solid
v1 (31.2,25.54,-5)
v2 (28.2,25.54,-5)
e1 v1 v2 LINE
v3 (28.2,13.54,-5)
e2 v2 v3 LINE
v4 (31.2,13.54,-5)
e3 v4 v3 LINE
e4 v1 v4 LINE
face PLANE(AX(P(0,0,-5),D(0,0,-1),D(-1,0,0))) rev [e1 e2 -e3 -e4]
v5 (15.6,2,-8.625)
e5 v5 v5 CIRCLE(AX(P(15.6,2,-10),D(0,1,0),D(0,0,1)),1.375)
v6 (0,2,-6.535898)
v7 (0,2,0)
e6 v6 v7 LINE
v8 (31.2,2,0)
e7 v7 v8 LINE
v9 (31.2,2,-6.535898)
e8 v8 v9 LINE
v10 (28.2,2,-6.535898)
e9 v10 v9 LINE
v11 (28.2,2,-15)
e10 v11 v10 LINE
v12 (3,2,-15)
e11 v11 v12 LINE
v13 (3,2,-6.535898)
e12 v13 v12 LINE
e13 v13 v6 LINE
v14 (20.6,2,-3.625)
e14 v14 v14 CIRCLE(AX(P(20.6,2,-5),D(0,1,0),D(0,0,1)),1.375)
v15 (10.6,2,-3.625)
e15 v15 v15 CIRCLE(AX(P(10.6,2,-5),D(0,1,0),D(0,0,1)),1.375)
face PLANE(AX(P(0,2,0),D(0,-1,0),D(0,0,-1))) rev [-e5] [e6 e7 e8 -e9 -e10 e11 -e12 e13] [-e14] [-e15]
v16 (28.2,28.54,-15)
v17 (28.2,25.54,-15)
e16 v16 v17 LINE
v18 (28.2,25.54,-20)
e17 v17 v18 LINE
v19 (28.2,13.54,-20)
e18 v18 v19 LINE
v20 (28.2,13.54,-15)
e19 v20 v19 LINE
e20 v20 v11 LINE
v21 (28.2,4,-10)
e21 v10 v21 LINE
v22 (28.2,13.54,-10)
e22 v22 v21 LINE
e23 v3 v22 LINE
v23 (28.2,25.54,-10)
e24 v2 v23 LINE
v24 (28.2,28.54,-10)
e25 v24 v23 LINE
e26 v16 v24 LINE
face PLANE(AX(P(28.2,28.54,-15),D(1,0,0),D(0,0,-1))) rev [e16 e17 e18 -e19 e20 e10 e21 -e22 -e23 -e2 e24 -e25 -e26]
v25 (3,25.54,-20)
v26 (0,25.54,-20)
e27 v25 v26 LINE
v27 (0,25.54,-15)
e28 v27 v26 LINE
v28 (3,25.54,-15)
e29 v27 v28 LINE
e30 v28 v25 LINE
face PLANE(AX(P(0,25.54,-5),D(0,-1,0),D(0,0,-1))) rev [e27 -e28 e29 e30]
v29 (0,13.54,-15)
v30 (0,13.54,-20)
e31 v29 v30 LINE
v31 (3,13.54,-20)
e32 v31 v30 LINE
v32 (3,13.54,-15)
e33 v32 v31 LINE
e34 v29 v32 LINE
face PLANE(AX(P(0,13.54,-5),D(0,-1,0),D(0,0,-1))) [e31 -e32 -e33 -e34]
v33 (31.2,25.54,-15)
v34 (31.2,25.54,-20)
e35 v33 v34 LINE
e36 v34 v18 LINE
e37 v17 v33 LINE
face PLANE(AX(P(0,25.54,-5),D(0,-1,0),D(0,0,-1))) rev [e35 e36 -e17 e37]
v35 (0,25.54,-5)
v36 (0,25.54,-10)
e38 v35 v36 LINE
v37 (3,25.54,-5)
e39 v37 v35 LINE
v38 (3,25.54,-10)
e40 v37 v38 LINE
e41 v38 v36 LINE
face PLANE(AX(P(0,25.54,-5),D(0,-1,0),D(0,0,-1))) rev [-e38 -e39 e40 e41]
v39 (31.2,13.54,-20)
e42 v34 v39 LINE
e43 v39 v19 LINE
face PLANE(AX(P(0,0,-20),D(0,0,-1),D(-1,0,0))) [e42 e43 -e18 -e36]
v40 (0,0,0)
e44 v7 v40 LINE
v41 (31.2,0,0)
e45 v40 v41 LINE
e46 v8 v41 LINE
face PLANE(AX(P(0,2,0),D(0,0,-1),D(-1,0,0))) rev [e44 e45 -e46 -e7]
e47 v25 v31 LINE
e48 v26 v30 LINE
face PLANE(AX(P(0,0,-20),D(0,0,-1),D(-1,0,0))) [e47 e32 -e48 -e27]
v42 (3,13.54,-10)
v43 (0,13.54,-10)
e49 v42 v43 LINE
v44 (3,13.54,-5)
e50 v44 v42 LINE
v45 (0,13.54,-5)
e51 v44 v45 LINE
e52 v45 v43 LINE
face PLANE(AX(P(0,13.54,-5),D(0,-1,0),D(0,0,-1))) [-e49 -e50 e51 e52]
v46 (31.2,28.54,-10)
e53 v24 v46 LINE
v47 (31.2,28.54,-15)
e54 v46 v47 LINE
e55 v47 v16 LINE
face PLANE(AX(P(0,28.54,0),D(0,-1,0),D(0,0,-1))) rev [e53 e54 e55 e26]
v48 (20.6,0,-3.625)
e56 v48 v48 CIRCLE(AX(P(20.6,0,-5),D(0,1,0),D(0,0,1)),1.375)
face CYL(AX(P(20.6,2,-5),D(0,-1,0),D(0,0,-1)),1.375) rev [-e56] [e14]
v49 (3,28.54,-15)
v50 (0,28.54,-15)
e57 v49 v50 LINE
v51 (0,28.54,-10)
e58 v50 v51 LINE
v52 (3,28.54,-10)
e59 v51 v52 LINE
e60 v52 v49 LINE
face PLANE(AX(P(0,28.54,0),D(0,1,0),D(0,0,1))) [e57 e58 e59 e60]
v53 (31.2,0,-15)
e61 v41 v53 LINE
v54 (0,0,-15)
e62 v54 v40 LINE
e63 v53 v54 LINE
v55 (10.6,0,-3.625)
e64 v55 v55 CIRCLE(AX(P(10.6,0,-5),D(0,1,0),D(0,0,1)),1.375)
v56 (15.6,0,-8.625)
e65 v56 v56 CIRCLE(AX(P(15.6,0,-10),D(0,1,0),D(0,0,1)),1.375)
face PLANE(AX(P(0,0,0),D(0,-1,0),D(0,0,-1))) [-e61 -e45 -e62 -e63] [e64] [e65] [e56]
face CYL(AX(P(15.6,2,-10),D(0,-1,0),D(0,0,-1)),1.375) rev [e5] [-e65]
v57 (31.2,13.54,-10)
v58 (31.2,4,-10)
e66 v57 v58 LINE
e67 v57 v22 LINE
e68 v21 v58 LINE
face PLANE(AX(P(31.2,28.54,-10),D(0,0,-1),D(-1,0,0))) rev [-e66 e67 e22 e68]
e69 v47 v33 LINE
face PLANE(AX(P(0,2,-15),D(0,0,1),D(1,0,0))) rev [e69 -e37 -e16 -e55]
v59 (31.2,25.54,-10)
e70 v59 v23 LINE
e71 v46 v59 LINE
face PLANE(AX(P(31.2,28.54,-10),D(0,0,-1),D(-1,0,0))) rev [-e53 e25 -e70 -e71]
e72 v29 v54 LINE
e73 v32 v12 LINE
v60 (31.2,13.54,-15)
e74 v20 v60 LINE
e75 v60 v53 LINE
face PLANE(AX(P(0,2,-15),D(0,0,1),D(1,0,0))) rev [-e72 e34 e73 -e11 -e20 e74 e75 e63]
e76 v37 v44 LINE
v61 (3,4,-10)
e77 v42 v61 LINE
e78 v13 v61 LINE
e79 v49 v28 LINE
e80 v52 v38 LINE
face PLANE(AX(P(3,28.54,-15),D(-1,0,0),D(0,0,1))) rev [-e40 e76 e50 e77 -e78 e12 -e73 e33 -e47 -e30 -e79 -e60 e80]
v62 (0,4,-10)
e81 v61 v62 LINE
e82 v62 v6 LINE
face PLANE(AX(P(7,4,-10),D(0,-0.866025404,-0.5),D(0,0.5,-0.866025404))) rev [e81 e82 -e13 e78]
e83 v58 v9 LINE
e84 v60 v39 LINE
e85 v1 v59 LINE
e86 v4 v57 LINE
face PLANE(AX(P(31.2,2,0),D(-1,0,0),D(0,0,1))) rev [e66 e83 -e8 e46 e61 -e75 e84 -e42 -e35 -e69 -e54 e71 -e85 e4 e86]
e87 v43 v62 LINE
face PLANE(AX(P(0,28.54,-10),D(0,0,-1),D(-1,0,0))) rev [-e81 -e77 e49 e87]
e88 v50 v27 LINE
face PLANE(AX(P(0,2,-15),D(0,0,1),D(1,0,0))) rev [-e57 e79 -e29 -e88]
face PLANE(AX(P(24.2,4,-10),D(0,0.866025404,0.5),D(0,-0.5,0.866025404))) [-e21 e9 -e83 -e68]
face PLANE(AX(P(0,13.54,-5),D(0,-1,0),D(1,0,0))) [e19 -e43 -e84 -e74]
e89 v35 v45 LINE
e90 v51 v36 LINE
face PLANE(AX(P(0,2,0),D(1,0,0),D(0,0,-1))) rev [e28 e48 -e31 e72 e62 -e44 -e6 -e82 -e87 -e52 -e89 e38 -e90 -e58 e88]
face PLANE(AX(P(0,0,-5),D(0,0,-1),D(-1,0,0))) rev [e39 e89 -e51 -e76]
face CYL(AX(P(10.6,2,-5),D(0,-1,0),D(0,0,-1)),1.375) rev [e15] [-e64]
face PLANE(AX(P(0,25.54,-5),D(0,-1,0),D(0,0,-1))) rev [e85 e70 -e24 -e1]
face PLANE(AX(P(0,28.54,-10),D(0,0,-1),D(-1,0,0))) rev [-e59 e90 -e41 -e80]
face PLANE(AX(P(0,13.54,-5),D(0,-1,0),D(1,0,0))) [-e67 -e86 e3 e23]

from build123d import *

# Parameters (mm, degrees)
SKETCH1_W                = 31.2
SKETCH1_H                = 15
SKETCH1_R                = 1.375
BOSS_EXTRUDE1_DEPTH      = 2
SKETCH2_W                = 3
SKETCH2_H                = 5
BOSS_EXTRUDE2_DEPTH      = 26.54
BOSS_EXTRUDE3_DEPTH      = 5
BOSS_EXTRUDE3_DEPTH_BACK = 10
SKETCH3_W                = 3
SKETCH3_H                = 12
BOSS_EXTRUDE4_DEPTH      = 3
BOSS_EXTRUDE5_DEPTH      = 3


with BuildPart() as part:
    # Sketch1 → Boss-Extrude1 (new body)
    with BuildSketch(Plane(origin=(0, 0, 0), x_dir=(1, 0, 0), z_dir=(0, 1, 0))):
        with Locations((15.6, 7.5)):
            Rectangle(SKETCH1_W, SKETCH1_H)
        with Locations(Location((15.6, 10, 0), (0, 0, 270))):
            Circle(SKETCH1_R, mode=Mode.SUBTRACT)
        with Locations(Location((10.6, 5, 0), (0, 0, 270))):
            Circle(SKETCH1_R, mode=Mode.SUBTRACT)
        with Locations(Location((20.6, 5, 0), (0, 0, 270))):
            Circle(SKETCH1_R, mode=Mode.SUBTRACT)
    extrude(amount=BOSS_EXTRUDE1_DEPTH)

    # Sketch2 → Boss-Extrude2 (add)
    with BuildSketch(Plane(origin=(0, 2, 0), x_dir=(1, 0, 0), z_dir=(0, 1, 0))):
        with Locations((1.5, 12.5)):
            Rectangle(SKETCH2_W, SKETCH2_H)
        with Locations((29.7, 12.5)):
            Rectangle(SKETCH2_W, SKETCH2_H)
    extrude(amount=BOSS_EXTRUDE2_DEPTH)

    # Sketch3 → Boss-Extrude3 (add, two sides: drawn at the far end of the back side and taken through both)
    with BuildSketch(Plane(origin=(0, 0, -15), x_dir=(-1, 0, 0), z_dir=(0, 0, -1)).offset(-BOSS_EXTRUDE3_DEPTH_BACK)):
        with Locations((-29.7, 19.54)):
            Rectangle(SKETCH3_W, SKETCH3_H)
        with Locations((-1.5, 19.54)):
            Rectangle(SKETCH3_W, SKETCH3_H)
    extrude(amount=BOSS_EXTRUDE3_DEPTH + BOSS_EXTRUDE3_DEPTH_BACK)

    # Sketch5 → Boss-Extrude4 (add)
    with BuildSketch(Plane(origin=(31.2, 0, 0), x_dir=(0, 0, -1), z_dir=(1, 0, 0))):
        Polygon((10, 4), (6.535898385, 2), (10, 2), align=None)
    extrude(amount=-BOSS_EXTRUDE4_DEPTH)

    # Sketch6 → Boss-Extrude5 (add)
    with BuildSketch(Plane(origin=(0, 0, 0), x_dir=(0, 0, -1), z_dir=(1, 0, 0))):
        Polygon((10, 4), (6.535898385, 2), (10, 2), align=None)
    extrude(amount=BOSS_EXTRUDE5_DEPTH)


solid = part.part
